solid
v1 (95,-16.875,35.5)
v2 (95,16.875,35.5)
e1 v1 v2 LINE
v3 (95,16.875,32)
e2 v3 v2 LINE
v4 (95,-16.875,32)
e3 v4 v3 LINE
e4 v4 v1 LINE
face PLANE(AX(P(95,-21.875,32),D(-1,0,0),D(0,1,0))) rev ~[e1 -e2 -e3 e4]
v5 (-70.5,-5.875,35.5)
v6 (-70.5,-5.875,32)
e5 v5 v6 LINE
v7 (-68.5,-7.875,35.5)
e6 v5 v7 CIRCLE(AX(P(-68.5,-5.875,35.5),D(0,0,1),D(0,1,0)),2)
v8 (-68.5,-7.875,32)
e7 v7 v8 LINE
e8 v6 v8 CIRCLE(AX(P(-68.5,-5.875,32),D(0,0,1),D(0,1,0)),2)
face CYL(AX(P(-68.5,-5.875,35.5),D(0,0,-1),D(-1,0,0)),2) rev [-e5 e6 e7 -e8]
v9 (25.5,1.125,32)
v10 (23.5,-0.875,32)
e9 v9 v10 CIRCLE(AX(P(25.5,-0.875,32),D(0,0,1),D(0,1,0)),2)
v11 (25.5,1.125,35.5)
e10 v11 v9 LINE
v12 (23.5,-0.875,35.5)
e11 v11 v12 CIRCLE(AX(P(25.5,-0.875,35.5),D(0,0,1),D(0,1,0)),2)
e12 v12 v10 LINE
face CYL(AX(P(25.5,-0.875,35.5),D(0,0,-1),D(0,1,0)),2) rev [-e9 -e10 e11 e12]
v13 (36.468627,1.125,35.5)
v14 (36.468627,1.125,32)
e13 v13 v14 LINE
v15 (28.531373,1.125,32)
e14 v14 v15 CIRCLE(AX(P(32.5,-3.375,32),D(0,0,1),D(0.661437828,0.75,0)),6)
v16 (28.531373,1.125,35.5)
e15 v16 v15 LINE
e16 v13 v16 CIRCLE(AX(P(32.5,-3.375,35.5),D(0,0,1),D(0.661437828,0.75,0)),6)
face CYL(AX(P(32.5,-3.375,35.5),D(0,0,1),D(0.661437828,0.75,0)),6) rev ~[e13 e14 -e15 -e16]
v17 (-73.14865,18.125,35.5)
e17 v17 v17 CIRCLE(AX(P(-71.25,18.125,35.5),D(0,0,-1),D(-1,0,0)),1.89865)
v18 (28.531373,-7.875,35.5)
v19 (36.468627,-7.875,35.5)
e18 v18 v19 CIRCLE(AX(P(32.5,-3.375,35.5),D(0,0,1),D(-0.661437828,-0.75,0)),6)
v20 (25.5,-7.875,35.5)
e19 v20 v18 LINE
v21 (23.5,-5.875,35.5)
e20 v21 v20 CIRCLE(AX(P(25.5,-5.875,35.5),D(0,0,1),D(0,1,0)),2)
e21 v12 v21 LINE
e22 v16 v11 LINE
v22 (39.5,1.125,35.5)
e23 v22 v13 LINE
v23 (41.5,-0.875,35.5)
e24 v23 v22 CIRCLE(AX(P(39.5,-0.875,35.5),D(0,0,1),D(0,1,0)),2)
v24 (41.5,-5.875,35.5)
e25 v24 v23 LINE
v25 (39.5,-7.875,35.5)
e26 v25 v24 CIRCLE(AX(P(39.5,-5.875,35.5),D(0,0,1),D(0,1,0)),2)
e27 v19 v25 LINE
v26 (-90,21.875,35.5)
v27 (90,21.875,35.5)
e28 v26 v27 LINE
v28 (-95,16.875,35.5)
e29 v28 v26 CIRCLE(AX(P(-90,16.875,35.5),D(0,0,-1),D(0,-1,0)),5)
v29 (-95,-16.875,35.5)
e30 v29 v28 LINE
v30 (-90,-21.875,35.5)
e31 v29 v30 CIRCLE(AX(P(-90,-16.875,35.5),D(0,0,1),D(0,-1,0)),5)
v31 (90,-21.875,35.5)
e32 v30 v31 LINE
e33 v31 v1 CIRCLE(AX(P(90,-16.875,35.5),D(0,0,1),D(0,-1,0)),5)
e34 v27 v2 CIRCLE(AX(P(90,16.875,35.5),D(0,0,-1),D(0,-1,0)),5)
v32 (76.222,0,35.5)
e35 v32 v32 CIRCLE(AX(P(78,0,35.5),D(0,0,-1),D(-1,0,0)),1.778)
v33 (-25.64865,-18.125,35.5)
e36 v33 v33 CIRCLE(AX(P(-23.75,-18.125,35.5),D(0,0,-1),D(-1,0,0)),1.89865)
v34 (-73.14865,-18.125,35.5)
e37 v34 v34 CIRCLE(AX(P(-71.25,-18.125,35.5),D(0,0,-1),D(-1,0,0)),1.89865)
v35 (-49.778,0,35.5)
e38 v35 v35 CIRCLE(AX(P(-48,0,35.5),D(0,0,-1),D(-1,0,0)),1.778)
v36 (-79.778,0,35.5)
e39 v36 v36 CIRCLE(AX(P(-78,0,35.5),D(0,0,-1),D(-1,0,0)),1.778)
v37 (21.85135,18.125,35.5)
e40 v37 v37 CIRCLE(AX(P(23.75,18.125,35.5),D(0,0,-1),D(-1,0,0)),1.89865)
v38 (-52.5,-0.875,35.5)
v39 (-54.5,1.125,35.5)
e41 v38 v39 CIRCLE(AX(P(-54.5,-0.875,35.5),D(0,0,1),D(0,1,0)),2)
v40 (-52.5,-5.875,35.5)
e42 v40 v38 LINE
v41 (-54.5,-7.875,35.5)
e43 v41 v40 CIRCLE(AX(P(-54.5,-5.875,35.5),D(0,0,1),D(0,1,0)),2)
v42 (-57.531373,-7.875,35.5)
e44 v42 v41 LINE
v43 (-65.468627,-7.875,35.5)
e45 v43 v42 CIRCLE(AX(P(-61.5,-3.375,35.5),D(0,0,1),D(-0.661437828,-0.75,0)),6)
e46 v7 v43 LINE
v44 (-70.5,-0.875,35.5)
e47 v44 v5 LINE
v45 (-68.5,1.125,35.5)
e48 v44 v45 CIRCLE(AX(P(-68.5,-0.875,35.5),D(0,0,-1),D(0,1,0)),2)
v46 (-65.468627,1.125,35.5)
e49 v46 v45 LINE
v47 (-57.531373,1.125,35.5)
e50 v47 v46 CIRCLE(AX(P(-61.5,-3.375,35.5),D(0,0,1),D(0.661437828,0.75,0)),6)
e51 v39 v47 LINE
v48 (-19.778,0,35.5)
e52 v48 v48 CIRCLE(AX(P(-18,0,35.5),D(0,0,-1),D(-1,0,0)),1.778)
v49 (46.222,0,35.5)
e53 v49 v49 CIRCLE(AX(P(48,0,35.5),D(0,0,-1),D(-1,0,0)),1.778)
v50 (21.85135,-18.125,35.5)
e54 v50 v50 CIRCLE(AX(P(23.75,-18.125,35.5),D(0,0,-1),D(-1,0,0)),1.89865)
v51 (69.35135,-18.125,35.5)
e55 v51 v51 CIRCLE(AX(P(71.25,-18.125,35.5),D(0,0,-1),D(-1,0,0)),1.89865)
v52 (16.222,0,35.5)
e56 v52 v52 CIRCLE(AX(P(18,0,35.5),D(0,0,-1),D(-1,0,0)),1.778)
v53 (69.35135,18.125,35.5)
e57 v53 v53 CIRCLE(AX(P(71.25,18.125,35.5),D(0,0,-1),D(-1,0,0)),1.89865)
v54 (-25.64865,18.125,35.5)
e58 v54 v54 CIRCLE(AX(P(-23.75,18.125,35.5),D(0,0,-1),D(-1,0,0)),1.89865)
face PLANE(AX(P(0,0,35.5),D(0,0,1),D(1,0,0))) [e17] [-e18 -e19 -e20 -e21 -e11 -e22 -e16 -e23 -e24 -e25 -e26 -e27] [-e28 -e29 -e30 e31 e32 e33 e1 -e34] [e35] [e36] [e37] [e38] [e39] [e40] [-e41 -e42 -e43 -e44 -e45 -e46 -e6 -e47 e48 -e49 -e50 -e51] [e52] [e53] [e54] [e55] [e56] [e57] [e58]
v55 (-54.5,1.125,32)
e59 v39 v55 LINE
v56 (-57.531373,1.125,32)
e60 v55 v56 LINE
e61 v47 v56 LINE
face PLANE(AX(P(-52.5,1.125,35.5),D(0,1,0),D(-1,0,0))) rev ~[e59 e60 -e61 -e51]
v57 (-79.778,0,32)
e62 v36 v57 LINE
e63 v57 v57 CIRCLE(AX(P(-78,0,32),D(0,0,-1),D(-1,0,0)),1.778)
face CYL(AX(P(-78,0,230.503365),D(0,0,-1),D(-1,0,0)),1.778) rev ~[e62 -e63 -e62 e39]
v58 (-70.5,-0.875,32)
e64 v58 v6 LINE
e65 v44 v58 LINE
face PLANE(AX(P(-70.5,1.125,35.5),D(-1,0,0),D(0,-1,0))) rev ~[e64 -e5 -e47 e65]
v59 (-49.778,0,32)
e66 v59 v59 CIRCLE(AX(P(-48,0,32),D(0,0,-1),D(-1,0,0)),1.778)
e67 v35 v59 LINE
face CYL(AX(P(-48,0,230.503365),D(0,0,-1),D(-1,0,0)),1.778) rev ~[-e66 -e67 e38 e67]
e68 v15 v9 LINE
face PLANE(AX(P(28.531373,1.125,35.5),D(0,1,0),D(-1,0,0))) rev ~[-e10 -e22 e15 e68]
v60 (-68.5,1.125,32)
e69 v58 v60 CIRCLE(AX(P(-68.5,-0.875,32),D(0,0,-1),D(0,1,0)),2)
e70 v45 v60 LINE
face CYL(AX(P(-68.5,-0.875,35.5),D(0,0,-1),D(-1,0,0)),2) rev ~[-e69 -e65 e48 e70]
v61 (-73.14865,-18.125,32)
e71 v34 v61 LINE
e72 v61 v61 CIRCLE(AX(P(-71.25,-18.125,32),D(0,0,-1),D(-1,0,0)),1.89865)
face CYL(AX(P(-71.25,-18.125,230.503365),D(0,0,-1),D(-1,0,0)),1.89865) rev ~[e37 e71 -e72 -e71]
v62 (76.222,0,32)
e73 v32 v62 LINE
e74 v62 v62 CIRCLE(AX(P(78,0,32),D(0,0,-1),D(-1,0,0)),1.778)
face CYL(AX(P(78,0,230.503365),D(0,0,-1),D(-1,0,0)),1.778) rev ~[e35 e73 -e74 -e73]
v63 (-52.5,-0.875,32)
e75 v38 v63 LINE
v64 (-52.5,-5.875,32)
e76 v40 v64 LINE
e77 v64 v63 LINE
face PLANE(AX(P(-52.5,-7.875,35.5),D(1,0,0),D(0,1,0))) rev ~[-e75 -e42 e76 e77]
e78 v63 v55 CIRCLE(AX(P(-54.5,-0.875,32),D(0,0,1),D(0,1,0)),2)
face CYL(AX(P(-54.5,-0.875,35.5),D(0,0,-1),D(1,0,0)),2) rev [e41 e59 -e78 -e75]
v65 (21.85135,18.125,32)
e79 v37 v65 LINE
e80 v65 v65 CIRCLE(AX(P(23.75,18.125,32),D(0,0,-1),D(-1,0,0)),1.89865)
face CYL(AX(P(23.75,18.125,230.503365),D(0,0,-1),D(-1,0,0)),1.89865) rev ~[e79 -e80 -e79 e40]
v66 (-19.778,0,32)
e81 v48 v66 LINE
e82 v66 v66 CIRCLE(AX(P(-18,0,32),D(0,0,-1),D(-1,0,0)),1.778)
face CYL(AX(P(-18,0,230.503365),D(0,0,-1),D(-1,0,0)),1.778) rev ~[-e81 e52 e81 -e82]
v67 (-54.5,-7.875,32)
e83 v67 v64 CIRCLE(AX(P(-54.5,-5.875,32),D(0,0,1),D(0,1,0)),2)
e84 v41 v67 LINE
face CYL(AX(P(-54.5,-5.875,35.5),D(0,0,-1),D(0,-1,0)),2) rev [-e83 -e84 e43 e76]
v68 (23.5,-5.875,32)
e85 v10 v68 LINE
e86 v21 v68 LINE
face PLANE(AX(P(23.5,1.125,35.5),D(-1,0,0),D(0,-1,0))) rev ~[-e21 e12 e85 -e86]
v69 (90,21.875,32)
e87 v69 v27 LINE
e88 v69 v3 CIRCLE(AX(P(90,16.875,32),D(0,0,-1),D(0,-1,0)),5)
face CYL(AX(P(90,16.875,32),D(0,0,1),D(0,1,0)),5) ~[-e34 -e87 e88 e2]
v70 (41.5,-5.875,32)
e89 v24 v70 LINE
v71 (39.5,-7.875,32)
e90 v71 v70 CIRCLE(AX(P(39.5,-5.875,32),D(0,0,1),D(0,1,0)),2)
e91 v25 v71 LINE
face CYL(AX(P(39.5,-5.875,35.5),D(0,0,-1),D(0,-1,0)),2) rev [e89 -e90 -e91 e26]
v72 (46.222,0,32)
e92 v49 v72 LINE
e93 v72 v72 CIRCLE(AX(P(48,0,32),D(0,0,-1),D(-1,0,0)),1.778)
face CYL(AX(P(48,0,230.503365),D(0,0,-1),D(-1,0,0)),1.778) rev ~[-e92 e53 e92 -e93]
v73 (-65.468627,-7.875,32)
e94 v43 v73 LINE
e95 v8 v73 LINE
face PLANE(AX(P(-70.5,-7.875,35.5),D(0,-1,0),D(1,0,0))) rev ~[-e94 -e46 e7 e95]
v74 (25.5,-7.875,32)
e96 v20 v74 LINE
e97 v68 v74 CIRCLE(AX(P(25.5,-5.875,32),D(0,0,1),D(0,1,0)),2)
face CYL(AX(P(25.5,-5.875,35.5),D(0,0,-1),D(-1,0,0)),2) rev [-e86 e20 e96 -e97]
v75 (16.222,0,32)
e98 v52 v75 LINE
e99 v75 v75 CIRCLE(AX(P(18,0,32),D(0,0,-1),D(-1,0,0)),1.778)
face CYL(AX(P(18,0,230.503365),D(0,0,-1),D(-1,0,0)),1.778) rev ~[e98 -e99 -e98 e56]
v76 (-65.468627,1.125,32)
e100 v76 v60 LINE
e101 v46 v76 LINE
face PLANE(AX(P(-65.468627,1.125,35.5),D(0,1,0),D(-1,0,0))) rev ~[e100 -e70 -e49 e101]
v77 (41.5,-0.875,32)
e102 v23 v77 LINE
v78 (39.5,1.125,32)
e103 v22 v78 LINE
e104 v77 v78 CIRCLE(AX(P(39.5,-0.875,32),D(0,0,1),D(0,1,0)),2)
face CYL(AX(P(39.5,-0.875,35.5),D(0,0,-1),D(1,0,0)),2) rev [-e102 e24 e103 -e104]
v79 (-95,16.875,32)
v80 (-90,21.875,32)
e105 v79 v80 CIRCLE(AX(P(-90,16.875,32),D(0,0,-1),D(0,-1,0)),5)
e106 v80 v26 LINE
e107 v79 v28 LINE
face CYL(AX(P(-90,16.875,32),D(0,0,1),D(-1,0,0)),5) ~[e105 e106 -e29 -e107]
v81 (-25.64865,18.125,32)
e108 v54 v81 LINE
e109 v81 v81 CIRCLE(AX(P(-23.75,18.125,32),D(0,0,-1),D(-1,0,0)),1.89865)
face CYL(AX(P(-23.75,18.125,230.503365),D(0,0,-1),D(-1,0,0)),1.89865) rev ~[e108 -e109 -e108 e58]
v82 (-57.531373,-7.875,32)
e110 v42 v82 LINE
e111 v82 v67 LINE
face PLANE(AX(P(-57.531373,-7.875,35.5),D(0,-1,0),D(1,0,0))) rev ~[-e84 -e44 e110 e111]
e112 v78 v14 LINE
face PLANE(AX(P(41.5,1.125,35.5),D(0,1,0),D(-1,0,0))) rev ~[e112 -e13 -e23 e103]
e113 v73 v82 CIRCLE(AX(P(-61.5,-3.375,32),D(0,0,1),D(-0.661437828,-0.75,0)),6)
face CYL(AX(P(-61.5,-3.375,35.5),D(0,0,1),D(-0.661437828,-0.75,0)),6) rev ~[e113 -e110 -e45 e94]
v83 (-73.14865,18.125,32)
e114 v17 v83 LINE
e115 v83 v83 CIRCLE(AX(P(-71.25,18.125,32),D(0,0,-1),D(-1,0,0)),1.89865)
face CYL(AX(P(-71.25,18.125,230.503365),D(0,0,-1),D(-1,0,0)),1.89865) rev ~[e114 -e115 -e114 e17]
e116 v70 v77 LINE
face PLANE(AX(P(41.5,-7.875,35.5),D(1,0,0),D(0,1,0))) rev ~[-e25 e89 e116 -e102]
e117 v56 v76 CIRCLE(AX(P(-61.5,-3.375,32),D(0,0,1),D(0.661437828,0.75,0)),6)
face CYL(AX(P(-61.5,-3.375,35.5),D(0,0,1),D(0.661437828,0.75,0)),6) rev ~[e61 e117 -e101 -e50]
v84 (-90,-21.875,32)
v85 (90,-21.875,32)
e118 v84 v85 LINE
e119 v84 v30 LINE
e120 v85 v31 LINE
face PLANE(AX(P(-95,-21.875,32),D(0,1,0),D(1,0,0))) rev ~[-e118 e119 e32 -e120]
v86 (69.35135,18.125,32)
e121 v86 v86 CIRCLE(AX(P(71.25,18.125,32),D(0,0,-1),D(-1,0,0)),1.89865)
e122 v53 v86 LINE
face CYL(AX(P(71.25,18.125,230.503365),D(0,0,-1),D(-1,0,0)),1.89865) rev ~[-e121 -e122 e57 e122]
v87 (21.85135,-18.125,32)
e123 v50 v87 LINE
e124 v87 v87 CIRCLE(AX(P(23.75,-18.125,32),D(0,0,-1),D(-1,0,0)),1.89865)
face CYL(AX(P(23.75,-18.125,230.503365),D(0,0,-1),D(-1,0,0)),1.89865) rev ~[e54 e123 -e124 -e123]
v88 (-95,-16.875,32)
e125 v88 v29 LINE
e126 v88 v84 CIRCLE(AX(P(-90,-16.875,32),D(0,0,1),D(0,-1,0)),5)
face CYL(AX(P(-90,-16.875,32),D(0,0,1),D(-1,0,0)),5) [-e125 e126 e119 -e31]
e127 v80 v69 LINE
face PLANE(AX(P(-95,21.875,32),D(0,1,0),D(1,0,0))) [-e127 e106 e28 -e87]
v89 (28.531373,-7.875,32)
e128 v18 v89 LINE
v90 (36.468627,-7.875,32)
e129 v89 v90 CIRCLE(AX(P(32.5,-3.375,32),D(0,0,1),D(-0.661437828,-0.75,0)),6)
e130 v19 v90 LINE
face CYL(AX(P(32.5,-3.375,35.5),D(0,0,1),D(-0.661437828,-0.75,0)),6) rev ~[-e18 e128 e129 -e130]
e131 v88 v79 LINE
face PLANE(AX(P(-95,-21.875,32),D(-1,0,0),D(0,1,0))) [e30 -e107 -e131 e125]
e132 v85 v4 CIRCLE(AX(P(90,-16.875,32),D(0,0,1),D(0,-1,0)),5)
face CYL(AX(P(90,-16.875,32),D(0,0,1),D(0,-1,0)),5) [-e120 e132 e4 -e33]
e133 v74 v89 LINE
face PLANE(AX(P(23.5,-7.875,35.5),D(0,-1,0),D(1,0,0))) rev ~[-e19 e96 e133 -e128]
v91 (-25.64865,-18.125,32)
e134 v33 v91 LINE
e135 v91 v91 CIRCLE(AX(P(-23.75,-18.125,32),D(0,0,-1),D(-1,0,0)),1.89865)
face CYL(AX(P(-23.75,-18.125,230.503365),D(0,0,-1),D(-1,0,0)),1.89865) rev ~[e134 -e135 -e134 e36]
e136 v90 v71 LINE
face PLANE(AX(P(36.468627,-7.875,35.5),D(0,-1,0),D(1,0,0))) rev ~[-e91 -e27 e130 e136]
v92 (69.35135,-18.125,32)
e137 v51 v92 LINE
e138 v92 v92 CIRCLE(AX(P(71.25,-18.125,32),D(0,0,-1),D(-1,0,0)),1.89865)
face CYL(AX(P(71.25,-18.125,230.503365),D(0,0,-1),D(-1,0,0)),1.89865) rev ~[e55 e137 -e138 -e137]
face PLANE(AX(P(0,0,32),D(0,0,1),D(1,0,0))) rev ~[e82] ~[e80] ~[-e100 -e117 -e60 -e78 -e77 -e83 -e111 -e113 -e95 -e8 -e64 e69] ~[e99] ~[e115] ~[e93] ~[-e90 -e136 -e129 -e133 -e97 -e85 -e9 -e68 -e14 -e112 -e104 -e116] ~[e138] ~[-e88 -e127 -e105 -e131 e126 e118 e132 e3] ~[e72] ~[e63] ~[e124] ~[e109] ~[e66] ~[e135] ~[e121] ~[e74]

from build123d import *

# Parameters (mm, degrees)
SKETCH1_W             = 190
SKETCH1_H             = 43.75
BOSS_EXTRUDE1_DEPTH   = 3.5
F_6_CLEARANCE_HOLE1_D = 3.7973
CUT_EXTRUDE1_DEPTH    = 98.548785871
FILLET1_R             = 2
FILLET2_R             = 5
F_6_CLEARANCE_HOLE2_D = 3.556


with BuildPart() as part:
    # Sketch1 → Boss-Extrude1 (new body)
    with BuildSketch(Plane.XY.offset(32)):
        Rectangle(SKETCH1_W, SKETCH1_H)
    extrude(amount=BOSS_EXTRUDE1_DEPTH)

    # #6 Clearance Hole1 (through all)
    with Locations(Plane.XY.offset(35.5)):
        with Locations((71.25, 18.125), (23.75, 18.125), (-23.75, 18.125), (-71.25, 18.125), (-71.25, -18.125), (-23.75, -18.125), (23.75, -18.125), (71.25, -18.125)):
            Hole(F_6_CLEARANCE_HOLE1_D / 2)

    # Sketch6 → Cut-Extrude1 (cut, through all)
    with BuildSketch(Plane.XY.offset(35.5)):
        with BuildLine():
            Line((36.468626967, -7.875), (41.5, -7.875))
            Line((41.5, -7.875), (41.5, 1.125))
            Line((41.5, 1.125), (36.468626967, 1.125))
            ThreePointArc((36.468626967, 1.125), (32.5, 2.625), (28.531373033, 1.125))
            Line((28.531373033, 1.125), (23.5, 1.125))
            Line((23.5, 1.125), (23.5, -7.875))
            Line((23.5, -7.875), (28.531373033, -7.875))
            ThreePointArc((28.531373033, -7.875), (32.5, -9.375), (36.468626967, -7.875))
        make_face()
        with BuildLine():
            Line((-70.5, 1.125), (-70.5, -7.875))
            Line((-70.5, -7.875), (-65.468626967, -7.875))
            ThreePointArc((-65.468626967, -7.875), (-61.5, -9.375), (-57.531373033, -7.875))
            Line((-57.531373033, -7.875), (-52.5, -7.875))
            Line((-52.5, -7.875), (-52.5, 1.125))
            Line((-52.5, 1.125), (-57.531373033, 1.125))
            ThreePointArc((-57.531373033, 1.125), (-61.5, 2.625), (-65.468626967, 1.125))
            Line((-65.468626967, 1.125), (-70.5, 1.125))
        make_face()
    extrude(amount=-CUT_EXTRUDE1_DEPTH, mode=Mode.SUBTRACT)

    # Fillet1
    fillet1_edges = [part.edges().sort_by_distance(p)[0] for p in [
        (41.5, 1.125, 33.75),
        (41.5, -7.875, 33.75),
        (23.5, -7.875, 33.75),
        (23.5, 1.125, 33.75),
        (-52.5, 1.125, 33.75),
        (-52.5, -7.875, 33.75),
        (-70.5, -7.875, 33.75),
        (-70.5, 1.125, 33.75),
    ]]
    fillet(fillet1_edges, radius=FILLET1_R)

    # Fillet2
    fillet2_edges = [part.edges().sort_by_distance(p)[0] for p in [
        (95, -21.875, 33.75),
        (-95, -21.875, 33.75),
        (-95, 21.875, 33.75),
        (95, 21.875, 33.75),
    ]]
    fillet(fillet2_edges, radius=FILLET2_R)

    # #6 Clearance Hole2 (through all)
    with Locations(Plane.XY.offset(35.5)):
        with Locations((78, 0), (48, 0), (18, 0), (-18, 0), (-48, 0), (-78, 0)):
            Hole(F_6_CLEARANCE_HOLE2_D / 2)


solid = part.part
